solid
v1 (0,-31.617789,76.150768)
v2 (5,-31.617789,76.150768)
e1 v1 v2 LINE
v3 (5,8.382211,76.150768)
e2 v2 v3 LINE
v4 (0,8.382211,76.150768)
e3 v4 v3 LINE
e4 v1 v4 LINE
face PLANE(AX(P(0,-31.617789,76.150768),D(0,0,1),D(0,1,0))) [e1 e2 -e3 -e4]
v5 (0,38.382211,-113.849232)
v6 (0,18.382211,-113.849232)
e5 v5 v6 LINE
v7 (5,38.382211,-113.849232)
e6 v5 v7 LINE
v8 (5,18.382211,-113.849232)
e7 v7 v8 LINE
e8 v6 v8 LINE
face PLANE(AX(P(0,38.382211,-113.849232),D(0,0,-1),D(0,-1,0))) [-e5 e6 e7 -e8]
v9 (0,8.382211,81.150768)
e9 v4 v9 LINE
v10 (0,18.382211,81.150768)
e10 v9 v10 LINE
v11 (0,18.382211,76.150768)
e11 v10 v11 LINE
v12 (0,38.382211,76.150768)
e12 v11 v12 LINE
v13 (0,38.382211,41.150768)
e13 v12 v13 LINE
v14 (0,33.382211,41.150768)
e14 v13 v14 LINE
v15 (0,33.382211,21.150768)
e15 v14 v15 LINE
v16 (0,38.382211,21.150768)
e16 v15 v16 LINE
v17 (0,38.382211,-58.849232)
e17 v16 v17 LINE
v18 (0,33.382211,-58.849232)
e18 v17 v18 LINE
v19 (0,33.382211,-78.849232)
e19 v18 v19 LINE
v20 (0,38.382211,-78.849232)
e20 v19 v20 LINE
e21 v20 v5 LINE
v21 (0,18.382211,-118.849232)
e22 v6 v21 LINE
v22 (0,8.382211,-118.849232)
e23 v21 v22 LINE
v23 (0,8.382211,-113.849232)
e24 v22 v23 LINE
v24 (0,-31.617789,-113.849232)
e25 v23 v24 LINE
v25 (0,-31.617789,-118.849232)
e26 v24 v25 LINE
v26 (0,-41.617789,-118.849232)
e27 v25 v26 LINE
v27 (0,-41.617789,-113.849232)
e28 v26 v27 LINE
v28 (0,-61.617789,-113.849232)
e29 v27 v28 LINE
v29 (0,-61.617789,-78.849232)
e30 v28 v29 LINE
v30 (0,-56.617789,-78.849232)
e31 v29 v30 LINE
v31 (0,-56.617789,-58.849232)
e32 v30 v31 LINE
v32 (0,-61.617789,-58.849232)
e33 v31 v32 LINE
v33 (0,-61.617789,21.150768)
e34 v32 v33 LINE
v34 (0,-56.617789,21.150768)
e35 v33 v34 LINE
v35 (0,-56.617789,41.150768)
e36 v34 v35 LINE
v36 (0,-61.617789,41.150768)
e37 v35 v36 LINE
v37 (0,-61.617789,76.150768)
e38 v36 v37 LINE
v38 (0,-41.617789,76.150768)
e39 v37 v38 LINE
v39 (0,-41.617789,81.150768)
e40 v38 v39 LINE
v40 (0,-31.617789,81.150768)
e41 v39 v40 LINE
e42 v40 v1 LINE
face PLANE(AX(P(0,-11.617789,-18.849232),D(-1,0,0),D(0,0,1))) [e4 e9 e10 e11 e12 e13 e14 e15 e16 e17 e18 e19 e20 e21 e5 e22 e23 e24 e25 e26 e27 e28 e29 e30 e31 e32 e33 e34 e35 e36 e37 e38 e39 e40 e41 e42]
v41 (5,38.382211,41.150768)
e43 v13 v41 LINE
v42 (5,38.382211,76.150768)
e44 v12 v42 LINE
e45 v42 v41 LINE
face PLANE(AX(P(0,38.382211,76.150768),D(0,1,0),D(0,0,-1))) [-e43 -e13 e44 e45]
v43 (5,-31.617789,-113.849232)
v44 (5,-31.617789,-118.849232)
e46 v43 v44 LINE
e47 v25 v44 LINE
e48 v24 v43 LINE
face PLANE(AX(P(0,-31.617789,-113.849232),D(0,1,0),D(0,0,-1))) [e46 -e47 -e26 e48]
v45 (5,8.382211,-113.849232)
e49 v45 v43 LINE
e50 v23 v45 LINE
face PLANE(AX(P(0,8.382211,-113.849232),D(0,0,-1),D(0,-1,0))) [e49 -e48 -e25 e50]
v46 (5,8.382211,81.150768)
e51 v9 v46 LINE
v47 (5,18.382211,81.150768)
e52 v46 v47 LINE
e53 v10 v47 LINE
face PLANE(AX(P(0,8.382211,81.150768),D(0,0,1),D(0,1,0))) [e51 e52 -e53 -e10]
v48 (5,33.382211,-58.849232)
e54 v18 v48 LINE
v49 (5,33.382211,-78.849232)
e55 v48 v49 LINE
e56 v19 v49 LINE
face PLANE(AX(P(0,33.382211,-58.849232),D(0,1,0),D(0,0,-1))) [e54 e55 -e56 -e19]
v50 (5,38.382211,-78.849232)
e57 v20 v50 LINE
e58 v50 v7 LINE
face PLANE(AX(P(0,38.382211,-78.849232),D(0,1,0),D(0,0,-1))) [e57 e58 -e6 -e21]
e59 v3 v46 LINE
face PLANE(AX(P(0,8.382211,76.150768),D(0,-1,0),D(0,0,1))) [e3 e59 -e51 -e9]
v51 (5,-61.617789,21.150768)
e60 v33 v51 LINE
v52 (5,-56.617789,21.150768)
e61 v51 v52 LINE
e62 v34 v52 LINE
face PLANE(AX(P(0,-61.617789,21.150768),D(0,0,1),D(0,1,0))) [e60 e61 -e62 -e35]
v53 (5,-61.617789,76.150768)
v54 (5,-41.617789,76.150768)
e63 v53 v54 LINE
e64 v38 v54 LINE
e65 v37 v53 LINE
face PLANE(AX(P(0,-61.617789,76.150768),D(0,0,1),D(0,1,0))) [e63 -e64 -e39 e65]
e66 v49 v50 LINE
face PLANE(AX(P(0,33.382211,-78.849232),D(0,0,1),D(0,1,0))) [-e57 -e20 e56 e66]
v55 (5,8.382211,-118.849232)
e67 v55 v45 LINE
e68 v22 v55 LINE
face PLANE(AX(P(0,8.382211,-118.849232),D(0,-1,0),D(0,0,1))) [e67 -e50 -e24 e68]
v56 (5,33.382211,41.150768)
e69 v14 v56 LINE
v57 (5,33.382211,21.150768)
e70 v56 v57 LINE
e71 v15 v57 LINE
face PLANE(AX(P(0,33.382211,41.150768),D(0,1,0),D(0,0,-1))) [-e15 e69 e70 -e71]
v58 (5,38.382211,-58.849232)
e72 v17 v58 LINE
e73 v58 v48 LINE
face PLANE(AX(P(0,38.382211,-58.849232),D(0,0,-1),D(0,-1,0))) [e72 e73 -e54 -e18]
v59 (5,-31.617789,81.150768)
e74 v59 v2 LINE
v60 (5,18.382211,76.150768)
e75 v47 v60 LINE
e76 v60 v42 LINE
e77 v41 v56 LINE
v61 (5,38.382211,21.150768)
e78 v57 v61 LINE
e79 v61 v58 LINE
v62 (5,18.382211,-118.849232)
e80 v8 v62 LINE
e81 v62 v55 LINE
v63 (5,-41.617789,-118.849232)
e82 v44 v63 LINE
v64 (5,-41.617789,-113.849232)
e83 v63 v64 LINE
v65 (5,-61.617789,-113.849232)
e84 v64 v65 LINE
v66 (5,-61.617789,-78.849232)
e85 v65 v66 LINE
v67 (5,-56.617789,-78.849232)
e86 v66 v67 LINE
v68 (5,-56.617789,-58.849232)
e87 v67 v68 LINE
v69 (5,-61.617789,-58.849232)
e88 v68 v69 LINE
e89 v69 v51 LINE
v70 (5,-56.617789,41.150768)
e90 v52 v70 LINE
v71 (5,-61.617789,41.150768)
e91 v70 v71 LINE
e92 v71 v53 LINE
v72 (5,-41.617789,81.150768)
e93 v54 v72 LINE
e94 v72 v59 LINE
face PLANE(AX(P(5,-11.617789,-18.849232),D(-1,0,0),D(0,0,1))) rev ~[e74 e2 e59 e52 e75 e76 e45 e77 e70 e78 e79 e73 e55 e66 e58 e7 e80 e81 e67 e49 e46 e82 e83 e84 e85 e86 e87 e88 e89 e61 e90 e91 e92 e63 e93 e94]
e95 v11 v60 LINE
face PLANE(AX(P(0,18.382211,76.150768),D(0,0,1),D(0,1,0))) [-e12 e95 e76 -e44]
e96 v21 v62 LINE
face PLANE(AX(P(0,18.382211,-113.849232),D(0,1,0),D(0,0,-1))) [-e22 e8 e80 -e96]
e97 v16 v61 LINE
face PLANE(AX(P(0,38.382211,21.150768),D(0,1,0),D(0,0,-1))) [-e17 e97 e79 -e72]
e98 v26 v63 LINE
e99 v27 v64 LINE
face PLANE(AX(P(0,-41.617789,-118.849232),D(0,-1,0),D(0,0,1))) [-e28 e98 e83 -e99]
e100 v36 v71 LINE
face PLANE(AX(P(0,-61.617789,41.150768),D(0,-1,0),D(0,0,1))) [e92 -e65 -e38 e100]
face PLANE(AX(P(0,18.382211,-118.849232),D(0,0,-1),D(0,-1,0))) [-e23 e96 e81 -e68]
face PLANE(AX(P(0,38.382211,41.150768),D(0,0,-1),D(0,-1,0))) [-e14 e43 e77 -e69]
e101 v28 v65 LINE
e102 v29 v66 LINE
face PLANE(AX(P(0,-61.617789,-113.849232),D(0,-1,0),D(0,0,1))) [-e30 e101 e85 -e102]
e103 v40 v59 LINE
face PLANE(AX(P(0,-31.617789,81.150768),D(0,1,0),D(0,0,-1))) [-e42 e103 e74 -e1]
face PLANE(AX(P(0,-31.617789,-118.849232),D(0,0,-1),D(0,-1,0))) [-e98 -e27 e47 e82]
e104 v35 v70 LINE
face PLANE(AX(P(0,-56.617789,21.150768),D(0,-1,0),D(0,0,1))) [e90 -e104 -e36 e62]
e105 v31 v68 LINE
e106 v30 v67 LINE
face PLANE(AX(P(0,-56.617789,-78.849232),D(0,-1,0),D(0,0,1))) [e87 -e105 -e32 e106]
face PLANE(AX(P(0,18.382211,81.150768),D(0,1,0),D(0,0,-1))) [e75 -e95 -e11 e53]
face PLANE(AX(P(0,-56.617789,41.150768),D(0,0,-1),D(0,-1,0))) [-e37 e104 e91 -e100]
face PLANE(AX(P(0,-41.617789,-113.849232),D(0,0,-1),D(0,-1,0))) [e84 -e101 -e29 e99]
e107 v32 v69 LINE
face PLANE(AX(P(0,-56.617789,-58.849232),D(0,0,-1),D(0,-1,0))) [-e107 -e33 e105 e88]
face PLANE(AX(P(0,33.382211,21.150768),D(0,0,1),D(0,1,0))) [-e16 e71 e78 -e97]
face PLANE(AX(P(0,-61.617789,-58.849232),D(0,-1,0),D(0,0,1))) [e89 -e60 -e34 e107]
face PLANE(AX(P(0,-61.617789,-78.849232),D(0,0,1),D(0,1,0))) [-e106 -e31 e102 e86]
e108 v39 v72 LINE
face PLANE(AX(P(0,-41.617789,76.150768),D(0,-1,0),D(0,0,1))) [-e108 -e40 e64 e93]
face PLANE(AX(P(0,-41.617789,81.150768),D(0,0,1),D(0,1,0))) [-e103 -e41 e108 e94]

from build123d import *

# Parameters (mm, degrees)
BOSS_EXTRUDE1_DEPTH = 5


with BuildPart() as part:
    # Sketch1 → Boss-Extrude1 (new body)
    with BuildSketch(Plane(origin=(0, 0, 0), x_dir=(0, 0, -1), z_dir=(1, 0, 0))):
        Polygon((113.849232456, -41.617789072), (113.849232456, -61.617789072), (78.849232456, -61.617789072), (78.849232456, -56.617789072), (58.849232456, -56.617789072), (58.849232456, -61.617789072), (-21.150767544, -61.617789072), (-21.150767544, -56.617789072), (-41.150767544, -56.617789072), (-41.150767544, -61.617789072), (-76.150767544, -61.617789072), (-76.150767544, -41.617789072), (-81.150767544, -41.617789072), (-81.150767544, -31.617789072), (-76.150767544, -31.617789072), (-76.150767544, 8.382210928), (-81.150767544, 8.382210928), (-81.150767544, 18.382210928), (-76.150767544, 18.382210928), (-76.150767544, 38.382210928), (-41.150767544, 38.382210928), (-41.150767544, 33.382210928), (-21.150767544, 33.382210928), (-21.150767544, 38.382210928), (58.849232456, 38.382210928), (58.849232456, 33.382210928), (78.849232456, 33.382210928), (78.849232456, 38.382210928), (113.849232456, 38.382210928), (113.849232456, 18.382210928), (118.849232456, 18.382210928), (118.849232456, 8.382210928), (113.849232456, 8.382210928), (113.849232456, -31.617789072), (118.849232456, -31.617789072), (118.849232456, -41.617789072), align=None)
    extrude(amount=BOSS_EXTRUDE1_DEPTH)


solid = part.part
